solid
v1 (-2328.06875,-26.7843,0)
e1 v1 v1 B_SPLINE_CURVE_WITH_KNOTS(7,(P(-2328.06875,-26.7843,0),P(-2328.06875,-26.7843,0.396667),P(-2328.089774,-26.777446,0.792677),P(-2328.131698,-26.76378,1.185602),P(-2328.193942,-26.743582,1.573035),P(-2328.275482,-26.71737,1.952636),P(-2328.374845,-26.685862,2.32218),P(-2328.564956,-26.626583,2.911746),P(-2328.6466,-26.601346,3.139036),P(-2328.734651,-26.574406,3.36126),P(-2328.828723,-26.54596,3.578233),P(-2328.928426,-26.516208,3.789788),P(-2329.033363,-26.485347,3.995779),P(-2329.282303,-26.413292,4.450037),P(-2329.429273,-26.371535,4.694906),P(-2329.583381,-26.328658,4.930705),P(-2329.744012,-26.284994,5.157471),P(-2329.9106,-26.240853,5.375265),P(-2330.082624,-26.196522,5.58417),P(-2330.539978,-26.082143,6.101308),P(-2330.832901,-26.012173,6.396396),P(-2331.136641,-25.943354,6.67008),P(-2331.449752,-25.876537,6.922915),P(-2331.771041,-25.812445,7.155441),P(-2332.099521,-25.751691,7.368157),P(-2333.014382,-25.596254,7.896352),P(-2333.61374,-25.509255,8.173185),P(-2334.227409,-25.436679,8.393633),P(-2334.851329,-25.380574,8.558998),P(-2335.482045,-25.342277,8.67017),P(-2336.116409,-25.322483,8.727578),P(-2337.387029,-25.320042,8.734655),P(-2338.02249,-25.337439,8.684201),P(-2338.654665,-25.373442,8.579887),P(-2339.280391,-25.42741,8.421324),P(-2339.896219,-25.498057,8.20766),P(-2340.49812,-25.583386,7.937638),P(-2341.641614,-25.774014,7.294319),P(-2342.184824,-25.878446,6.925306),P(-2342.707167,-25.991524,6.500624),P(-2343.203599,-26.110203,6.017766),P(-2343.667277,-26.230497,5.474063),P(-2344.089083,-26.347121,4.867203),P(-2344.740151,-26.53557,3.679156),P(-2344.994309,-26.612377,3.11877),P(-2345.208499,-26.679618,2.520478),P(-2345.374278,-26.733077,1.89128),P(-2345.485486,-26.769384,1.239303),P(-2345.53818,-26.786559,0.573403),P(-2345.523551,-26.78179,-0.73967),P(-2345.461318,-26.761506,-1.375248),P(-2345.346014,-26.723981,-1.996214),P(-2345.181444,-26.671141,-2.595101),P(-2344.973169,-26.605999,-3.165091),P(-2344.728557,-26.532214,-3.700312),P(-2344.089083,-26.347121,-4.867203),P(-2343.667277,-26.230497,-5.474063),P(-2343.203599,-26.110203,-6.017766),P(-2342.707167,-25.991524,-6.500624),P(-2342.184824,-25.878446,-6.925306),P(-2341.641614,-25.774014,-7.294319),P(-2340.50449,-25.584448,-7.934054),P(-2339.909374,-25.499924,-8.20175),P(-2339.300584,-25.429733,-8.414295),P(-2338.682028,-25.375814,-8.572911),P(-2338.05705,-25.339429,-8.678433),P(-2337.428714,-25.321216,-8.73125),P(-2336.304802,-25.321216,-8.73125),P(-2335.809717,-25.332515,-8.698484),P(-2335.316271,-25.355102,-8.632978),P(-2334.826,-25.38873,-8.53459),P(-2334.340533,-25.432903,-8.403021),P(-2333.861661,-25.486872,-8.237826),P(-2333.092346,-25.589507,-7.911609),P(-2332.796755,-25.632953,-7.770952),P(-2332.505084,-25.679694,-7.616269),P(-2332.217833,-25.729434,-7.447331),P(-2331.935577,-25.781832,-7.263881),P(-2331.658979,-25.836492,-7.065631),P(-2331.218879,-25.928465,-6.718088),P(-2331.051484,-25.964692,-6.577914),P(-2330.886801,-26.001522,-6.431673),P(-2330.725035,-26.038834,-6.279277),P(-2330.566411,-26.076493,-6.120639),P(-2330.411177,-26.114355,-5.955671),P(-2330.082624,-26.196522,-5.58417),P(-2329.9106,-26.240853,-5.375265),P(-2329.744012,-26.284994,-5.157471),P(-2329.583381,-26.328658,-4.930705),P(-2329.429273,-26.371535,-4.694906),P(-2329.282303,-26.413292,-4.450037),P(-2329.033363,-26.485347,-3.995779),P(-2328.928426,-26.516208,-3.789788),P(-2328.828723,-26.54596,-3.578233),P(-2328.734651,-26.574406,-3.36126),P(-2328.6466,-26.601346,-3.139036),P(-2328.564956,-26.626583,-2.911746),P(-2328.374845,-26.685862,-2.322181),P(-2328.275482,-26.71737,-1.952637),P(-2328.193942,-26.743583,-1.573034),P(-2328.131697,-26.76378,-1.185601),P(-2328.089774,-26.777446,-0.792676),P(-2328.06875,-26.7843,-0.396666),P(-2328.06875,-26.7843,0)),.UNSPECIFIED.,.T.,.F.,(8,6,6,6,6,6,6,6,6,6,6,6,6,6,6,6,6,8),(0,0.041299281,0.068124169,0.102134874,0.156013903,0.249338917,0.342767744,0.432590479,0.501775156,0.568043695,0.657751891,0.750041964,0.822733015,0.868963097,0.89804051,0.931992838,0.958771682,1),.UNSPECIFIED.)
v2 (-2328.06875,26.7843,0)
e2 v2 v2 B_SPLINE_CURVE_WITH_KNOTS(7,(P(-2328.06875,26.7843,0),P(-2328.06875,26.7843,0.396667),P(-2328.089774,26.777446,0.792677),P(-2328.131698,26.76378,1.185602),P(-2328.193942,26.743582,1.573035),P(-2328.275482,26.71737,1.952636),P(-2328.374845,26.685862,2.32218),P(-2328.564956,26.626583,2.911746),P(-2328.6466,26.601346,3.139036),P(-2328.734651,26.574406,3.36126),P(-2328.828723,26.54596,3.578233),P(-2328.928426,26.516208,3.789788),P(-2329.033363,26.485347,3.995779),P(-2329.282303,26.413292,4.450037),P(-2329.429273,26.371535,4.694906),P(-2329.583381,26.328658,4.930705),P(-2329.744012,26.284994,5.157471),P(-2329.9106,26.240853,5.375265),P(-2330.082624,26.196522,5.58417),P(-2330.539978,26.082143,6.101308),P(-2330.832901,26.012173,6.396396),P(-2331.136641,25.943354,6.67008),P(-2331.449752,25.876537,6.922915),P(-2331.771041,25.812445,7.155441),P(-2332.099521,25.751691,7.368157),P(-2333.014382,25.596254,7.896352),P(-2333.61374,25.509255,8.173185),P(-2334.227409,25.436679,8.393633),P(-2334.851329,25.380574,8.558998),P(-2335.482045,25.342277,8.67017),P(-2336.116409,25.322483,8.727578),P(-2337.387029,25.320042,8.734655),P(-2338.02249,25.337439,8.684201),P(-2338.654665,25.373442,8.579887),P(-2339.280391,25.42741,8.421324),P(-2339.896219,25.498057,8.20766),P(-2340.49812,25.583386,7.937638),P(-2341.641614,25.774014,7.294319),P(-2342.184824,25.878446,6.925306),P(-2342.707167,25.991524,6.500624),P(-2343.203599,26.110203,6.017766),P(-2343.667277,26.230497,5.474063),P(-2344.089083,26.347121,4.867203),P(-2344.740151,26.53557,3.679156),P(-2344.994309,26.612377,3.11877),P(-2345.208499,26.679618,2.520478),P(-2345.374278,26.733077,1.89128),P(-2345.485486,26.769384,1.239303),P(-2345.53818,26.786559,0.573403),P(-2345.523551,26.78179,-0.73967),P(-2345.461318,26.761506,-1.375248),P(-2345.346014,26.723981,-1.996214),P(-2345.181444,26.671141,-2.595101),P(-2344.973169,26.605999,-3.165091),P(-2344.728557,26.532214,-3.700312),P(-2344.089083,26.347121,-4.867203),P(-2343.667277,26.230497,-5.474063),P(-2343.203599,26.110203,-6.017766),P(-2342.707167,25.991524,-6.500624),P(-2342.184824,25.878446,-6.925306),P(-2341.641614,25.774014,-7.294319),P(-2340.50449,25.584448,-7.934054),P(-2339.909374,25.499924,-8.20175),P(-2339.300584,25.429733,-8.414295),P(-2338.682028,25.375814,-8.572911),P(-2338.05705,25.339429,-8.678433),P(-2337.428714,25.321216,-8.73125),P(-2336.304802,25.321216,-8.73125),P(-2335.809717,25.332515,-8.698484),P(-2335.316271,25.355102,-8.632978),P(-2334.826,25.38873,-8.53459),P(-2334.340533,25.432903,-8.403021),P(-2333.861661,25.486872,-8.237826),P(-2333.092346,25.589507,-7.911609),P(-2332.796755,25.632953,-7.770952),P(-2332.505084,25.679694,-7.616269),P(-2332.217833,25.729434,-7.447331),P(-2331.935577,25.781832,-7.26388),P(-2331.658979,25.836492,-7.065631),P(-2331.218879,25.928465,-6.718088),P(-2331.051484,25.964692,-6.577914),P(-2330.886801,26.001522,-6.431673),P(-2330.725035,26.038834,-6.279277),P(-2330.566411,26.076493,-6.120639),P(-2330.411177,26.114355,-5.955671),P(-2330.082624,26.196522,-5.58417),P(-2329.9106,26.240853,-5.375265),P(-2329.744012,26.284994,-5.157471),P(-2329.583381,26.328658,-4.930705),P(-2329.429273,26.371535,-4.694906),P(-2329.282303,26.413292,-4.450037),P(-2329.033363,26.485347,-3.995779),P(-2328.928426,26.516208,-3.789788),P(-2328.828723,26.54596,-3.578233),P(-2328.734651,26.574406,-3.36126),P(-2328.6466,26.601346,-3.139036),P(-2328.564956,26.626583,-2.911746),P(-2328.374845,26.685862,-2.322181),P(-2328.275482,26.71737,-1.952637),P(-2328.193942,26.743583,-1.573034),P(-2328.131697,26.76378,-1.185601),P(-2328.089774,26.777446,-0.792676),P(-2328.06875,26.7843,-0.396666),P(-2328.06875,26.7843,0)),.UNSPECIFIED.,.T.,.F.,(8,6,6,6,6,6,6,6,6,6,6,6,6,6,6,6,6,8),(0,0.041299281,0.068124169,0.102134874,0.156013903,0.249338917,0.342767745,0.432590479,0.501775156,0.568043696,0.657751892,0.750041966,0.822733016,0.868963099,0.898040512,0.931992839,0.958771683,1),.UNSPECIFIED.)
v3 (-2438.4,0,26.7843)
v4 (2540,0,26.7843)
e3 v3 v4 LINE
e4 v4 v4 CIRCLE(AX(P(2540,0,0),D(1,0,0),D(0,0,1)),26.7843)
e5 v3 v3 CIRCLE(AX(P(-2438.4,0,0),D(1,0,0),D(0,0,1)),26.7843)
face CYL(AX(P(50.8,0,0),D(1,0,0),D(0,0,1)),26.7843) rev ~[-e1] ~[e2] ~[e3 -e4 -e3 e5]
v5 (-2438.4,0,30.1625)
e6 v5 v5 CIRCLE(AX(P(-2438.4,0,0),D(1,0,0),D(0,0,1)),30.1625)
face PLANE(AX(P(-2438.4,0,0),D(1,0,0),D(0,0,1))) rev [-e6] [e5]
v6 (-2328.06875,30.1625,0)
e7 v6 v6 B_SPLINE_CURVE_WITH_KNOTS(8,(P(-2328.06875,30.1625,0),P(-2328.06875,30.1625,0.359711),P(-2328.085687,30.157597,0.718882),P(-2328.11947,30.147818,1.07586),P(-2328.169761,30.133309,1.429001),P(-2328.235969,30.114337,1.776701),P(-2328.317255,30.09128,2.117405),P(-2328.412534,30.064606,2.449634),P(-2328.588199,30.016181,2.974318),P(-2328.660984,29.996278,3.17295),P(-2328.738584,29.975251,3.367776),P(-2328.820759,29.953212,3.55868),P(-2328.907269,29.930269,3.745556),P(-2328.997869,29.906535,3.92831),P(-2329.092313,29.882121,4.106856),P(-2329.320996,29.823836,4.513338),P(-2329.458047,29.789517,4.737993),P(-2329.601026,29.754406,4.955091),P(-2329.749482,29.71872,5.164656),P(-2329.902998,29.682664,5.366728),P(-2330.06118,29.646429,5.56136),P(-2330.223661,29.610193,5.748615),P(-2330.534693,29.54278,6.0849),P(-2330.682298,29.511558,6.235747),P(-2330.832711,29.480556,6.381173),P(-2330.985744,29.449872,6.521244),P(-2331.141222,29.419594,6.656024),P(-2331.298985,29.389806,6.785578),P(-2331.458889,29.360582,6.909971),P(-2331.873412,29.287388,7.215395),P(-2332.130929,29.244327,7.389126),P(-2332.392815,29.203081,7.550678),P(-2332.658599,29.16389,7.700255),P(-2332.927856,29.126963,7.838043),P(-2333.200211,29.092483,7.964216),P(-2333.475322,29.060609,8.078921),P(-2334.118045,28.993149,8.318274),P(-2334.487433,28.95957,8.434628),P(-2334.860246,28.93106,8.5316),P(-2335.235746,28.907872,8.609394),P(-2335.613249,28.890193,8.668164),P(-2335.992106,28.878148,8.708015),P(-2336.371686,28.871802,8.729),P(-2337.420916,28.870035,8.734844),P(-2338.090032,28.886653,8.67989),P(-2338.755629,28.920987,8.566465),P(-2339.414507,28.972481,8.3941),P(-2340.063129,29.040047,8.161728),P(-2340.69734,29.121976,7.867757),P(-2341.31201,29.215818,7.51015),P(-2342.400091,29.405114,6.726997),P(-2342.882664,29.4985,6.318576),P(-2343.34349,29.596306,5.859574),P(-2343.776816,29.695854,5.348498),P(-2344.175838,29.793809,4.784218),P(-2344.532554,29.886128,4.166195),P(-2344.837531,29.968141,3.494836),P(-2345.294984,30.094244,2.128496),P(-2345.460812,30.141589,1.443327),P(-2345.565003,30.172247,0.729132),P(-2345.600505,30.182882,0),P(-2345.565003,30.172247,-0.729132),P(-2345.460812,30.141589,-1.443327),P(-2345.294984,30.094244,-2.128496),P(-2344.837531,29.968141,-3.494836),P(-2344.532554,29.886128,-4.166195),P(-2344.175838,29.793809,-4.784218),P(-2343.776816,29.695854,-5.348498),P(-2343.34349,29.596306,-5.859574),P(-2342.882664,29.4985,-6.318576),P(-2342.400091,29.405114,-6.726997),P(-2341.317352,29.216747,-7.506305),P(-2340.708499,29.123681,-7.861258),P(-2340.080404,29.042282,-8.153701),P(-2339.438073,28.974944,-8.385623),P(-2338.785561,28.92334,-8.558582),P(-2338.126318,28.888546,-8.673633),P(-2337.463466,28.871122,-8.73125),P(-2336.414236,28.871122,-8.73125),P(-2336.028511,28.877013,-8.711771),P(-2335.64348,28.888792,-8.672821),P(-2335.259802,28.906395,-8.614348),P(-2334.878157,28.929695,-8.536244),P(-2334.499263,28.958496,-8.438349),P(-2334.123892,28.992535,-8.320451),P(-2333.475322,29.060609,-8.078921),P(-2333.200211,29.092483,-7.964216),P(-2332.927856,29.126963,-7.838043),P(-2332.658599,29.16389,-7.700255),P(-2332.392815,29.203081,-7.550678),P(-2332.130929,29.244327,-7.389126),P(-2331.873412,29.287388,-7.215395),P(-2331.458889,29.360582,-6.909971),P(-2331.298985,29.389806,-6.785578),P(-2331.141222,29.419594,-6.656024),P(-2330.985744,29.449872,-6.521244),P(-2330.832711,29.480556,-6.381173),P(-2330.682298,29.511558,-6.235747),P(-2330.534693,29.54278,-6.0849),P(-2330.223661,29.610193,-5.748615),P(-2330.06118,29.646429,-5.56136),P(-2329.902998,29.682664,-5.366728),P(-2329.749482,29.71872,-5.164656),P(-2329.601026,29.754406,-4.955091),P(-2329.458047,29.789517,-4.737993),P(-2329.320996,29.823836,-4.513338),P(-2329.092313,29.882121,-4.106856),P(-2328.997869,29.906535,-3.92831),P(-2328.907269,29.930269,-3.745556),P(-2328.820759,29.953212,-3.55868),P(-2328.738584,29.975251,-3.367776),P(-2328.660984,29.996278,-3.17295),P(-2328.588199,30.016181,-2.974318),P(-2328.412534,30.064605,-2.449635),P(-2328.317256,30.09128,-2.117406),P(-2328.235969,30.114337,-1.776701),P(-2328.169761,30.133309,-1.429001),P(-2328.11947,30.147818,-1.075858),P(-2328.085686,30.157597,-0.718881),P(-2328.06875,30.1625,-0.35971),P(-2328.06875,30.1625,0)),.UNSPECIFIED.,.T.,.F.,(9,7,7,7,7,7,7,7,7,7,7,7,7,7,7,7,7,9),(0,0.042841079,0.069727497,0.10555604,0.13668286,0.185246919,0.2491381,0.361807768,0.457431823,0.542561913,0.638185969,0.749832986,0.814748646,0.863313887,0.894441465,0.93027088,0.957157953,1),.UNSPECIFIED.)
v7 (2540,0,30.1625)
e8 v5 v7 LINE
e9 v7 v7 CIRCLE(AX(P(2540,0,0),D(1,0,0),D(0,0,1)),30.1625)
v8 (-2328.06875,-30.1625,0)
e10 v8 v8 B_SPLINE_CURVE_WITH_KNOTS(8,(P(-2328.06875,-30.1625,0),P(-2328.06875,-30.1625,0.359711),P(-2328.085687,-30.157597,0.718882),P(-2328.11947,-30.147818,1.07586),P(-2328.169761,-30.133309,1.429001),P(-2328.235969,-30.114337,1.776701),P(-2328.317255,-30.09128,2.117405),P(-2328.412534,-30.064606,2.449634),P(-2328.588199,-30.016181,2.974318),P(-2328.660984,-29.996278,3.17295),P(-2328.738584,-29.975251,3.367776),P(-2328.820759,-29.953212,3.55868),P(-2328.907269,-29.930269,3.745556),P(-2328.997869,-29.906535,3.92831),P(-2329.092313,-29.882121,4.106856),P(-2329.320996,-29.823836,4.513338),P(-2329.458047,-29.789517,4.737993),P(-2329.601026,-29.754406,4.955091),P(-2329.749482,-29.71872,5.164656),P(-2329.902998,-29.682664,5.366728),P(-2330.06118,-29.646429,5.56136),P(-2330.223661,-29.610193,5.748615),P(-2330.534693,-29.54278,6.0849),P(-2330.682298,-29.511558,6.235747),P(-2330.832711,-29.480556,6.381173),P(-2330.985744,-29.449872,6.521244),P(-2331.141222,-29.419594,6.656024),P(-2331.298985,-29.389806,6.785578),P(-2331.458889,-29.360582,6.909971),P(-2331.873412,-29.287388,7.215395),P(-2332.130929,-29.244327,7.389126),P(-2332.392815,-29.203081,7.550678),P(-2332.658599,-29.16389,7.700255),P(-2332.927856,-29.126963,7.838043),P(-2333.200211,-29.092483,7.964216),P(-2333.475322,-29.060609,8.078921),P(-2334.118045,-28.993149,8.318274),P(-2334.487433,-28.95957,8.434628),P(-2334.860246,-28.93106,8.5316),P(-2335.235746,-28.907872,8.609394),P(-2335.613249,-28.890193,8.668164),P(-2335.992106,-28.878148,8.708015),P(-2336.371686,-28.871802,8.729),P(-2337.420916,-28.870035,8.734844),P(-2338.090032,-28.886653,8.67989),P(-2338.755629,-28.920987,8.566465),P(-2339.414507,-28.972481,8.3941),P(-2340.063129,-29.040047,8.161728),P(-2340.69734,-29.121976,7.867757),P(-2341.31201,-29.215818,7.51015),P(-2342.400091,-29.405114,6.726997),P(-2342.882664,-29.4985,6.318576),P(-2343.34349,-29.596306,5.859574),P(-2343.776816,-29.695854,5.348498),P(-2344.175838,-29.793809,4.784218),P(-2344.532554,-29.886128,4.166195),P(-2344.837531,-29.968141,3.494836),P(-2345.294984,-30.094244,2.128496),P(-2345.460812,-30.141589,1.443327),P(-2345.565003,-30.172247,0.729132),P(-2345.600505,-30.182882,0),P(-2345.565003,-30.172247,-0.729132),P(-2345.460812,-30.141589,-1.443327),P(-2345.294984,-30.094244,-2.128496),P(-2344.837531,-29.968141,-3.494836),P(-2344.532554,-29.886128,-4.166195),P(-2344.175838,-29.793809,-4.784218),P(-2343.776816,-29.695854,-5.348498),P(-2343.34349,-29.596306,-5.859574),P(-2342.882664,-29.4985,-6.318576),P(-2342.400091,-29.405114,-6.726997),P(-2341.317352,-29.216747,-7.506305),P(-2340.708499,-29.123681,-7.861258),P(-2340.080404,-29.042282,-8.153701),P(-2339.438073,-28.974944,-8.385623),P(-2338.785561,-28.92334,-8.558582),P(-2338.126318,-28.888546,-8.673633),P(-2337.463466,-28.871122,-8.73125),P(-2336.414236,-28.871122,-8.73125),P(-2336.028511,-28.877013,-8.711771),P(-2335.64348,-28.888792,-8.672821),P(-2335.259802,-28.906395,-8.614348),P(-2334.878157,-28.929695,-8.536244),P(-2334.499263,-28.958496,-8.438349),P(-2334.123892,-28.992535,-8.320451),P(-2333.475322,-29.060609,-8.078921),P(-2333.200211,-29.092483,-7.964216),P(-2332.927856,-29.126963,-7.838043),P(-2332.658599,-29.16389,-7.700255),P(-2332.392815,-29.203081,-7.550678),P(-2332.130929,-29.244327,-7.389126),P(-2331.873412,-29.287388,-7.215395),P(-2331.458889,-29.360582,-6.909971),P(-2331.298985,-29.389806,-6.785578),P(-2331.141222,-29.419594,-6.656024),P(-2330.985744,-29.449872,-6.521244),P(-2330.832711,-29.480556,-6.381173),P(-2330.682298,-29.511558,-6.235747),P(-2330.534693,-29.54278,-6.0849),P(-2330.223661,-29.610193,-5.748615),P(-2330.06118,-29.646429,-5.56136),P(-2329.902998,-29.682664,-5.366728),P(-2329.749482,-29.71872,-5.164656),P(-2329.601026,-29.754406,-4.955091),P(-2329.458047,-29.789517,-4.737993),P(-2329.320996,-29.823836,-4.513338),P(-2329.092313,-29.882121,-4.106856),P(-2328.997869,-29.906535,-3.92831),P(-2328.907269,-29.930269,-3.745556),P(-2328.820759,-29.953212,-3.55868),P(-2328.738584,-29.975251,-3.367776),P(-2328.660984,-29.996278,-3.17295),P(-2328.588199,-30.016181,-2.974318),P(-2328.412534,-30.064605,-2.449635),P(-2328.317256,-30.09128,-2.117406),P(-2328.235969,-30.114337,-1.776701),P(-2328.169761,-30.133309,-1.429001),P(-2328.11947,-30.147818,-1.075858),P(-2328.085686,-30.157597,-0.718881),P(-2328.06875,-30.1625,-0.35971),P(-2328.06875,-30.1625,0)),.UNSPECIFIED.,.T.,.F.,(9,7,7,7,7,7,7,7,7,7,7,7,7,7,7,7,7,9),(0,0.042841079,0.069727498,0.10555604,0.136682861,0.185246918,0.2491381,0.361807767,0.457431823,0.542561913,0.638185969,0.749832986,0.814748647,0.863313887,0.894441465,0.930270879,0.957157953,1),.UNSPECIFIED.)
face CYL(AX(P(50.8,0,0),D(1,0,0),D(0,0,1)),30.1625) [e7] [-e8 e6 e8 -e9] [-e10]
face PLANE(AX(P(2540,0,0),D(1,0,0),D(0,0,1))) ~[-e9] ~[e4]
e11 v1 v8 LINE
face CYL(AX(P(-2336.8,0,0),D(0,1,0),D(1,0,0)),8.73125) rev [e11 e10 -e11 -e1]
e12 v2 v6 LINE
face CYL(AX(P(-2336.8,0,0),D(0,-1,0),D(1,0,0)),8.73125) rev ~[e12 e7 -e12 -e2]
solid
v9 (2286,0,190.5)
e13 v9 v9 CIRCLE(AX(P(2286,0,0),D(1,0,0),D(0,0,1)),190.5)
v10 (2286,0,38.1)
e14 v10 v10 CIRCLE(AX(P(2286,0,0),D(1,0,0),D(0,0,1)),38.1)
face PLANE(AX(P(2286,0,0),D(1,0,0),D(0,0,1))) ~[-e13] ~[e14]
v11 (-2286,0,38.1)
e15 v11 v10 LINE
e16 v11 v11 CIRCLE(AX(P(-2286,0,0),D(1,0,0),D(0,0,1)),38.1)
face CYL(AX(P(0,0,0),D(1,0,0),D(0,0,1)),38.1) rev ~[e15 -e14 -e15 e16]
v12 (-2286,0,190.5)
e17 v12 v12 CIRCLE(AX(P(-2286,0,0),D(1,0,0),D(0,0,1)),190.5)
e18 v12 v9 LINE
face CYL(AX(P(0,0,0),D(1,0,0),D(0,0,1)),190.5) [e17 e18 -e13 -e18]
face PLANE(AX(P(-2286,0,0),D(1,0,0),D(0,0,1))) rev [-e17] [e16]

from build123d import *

# Parameters (mm, degrees)
F0_W          = 4572
F0_H          = 152.4
F0_W_2        = 4978.4
F0_H_2        = 3.3782
F2_R          = 8.73125
F3_DEPTH      = 190.501
F3_DEPTH_BACK = 190.501


with BuildPart() as f1:
    # F0 (on Front) → F1 (revolve)
    with BuildSketch(Plane.XZ):
        with Locations((0, 114.3)):
            Rectangle(F0_W, F0_H)
    revolve(axis=Axis((0, 0, 0), (1, 0, 0)))


with BuildPart() as f1b:
    # F0 (on Front) → F1, piece 2 (revolve)
    with BuildSketch(Plane.XZ):
        with Locations((50.8, 28.4734)):
            Rectangle(F0_W_2, F0_H_2)
    revolve(axis=Axis((0, 0, 0), (1, 0, 0)))

    # F2 (on Front) → F3 (cut, two sides)
    with BuildSketch(Plane.XZ) as f3_sk:
        with Locations((-2336.8, 0)):
            Circle(F2_R)
    extrude(amount=-F3_DEPTH, mode=Mode.SUBTRACT)
    extrude(f3_sk.sketch, amount=F3_DEPTH_BACK, mode=Mode.SUBTRACT)


solid = Compound([f1.part, f1b.part])
